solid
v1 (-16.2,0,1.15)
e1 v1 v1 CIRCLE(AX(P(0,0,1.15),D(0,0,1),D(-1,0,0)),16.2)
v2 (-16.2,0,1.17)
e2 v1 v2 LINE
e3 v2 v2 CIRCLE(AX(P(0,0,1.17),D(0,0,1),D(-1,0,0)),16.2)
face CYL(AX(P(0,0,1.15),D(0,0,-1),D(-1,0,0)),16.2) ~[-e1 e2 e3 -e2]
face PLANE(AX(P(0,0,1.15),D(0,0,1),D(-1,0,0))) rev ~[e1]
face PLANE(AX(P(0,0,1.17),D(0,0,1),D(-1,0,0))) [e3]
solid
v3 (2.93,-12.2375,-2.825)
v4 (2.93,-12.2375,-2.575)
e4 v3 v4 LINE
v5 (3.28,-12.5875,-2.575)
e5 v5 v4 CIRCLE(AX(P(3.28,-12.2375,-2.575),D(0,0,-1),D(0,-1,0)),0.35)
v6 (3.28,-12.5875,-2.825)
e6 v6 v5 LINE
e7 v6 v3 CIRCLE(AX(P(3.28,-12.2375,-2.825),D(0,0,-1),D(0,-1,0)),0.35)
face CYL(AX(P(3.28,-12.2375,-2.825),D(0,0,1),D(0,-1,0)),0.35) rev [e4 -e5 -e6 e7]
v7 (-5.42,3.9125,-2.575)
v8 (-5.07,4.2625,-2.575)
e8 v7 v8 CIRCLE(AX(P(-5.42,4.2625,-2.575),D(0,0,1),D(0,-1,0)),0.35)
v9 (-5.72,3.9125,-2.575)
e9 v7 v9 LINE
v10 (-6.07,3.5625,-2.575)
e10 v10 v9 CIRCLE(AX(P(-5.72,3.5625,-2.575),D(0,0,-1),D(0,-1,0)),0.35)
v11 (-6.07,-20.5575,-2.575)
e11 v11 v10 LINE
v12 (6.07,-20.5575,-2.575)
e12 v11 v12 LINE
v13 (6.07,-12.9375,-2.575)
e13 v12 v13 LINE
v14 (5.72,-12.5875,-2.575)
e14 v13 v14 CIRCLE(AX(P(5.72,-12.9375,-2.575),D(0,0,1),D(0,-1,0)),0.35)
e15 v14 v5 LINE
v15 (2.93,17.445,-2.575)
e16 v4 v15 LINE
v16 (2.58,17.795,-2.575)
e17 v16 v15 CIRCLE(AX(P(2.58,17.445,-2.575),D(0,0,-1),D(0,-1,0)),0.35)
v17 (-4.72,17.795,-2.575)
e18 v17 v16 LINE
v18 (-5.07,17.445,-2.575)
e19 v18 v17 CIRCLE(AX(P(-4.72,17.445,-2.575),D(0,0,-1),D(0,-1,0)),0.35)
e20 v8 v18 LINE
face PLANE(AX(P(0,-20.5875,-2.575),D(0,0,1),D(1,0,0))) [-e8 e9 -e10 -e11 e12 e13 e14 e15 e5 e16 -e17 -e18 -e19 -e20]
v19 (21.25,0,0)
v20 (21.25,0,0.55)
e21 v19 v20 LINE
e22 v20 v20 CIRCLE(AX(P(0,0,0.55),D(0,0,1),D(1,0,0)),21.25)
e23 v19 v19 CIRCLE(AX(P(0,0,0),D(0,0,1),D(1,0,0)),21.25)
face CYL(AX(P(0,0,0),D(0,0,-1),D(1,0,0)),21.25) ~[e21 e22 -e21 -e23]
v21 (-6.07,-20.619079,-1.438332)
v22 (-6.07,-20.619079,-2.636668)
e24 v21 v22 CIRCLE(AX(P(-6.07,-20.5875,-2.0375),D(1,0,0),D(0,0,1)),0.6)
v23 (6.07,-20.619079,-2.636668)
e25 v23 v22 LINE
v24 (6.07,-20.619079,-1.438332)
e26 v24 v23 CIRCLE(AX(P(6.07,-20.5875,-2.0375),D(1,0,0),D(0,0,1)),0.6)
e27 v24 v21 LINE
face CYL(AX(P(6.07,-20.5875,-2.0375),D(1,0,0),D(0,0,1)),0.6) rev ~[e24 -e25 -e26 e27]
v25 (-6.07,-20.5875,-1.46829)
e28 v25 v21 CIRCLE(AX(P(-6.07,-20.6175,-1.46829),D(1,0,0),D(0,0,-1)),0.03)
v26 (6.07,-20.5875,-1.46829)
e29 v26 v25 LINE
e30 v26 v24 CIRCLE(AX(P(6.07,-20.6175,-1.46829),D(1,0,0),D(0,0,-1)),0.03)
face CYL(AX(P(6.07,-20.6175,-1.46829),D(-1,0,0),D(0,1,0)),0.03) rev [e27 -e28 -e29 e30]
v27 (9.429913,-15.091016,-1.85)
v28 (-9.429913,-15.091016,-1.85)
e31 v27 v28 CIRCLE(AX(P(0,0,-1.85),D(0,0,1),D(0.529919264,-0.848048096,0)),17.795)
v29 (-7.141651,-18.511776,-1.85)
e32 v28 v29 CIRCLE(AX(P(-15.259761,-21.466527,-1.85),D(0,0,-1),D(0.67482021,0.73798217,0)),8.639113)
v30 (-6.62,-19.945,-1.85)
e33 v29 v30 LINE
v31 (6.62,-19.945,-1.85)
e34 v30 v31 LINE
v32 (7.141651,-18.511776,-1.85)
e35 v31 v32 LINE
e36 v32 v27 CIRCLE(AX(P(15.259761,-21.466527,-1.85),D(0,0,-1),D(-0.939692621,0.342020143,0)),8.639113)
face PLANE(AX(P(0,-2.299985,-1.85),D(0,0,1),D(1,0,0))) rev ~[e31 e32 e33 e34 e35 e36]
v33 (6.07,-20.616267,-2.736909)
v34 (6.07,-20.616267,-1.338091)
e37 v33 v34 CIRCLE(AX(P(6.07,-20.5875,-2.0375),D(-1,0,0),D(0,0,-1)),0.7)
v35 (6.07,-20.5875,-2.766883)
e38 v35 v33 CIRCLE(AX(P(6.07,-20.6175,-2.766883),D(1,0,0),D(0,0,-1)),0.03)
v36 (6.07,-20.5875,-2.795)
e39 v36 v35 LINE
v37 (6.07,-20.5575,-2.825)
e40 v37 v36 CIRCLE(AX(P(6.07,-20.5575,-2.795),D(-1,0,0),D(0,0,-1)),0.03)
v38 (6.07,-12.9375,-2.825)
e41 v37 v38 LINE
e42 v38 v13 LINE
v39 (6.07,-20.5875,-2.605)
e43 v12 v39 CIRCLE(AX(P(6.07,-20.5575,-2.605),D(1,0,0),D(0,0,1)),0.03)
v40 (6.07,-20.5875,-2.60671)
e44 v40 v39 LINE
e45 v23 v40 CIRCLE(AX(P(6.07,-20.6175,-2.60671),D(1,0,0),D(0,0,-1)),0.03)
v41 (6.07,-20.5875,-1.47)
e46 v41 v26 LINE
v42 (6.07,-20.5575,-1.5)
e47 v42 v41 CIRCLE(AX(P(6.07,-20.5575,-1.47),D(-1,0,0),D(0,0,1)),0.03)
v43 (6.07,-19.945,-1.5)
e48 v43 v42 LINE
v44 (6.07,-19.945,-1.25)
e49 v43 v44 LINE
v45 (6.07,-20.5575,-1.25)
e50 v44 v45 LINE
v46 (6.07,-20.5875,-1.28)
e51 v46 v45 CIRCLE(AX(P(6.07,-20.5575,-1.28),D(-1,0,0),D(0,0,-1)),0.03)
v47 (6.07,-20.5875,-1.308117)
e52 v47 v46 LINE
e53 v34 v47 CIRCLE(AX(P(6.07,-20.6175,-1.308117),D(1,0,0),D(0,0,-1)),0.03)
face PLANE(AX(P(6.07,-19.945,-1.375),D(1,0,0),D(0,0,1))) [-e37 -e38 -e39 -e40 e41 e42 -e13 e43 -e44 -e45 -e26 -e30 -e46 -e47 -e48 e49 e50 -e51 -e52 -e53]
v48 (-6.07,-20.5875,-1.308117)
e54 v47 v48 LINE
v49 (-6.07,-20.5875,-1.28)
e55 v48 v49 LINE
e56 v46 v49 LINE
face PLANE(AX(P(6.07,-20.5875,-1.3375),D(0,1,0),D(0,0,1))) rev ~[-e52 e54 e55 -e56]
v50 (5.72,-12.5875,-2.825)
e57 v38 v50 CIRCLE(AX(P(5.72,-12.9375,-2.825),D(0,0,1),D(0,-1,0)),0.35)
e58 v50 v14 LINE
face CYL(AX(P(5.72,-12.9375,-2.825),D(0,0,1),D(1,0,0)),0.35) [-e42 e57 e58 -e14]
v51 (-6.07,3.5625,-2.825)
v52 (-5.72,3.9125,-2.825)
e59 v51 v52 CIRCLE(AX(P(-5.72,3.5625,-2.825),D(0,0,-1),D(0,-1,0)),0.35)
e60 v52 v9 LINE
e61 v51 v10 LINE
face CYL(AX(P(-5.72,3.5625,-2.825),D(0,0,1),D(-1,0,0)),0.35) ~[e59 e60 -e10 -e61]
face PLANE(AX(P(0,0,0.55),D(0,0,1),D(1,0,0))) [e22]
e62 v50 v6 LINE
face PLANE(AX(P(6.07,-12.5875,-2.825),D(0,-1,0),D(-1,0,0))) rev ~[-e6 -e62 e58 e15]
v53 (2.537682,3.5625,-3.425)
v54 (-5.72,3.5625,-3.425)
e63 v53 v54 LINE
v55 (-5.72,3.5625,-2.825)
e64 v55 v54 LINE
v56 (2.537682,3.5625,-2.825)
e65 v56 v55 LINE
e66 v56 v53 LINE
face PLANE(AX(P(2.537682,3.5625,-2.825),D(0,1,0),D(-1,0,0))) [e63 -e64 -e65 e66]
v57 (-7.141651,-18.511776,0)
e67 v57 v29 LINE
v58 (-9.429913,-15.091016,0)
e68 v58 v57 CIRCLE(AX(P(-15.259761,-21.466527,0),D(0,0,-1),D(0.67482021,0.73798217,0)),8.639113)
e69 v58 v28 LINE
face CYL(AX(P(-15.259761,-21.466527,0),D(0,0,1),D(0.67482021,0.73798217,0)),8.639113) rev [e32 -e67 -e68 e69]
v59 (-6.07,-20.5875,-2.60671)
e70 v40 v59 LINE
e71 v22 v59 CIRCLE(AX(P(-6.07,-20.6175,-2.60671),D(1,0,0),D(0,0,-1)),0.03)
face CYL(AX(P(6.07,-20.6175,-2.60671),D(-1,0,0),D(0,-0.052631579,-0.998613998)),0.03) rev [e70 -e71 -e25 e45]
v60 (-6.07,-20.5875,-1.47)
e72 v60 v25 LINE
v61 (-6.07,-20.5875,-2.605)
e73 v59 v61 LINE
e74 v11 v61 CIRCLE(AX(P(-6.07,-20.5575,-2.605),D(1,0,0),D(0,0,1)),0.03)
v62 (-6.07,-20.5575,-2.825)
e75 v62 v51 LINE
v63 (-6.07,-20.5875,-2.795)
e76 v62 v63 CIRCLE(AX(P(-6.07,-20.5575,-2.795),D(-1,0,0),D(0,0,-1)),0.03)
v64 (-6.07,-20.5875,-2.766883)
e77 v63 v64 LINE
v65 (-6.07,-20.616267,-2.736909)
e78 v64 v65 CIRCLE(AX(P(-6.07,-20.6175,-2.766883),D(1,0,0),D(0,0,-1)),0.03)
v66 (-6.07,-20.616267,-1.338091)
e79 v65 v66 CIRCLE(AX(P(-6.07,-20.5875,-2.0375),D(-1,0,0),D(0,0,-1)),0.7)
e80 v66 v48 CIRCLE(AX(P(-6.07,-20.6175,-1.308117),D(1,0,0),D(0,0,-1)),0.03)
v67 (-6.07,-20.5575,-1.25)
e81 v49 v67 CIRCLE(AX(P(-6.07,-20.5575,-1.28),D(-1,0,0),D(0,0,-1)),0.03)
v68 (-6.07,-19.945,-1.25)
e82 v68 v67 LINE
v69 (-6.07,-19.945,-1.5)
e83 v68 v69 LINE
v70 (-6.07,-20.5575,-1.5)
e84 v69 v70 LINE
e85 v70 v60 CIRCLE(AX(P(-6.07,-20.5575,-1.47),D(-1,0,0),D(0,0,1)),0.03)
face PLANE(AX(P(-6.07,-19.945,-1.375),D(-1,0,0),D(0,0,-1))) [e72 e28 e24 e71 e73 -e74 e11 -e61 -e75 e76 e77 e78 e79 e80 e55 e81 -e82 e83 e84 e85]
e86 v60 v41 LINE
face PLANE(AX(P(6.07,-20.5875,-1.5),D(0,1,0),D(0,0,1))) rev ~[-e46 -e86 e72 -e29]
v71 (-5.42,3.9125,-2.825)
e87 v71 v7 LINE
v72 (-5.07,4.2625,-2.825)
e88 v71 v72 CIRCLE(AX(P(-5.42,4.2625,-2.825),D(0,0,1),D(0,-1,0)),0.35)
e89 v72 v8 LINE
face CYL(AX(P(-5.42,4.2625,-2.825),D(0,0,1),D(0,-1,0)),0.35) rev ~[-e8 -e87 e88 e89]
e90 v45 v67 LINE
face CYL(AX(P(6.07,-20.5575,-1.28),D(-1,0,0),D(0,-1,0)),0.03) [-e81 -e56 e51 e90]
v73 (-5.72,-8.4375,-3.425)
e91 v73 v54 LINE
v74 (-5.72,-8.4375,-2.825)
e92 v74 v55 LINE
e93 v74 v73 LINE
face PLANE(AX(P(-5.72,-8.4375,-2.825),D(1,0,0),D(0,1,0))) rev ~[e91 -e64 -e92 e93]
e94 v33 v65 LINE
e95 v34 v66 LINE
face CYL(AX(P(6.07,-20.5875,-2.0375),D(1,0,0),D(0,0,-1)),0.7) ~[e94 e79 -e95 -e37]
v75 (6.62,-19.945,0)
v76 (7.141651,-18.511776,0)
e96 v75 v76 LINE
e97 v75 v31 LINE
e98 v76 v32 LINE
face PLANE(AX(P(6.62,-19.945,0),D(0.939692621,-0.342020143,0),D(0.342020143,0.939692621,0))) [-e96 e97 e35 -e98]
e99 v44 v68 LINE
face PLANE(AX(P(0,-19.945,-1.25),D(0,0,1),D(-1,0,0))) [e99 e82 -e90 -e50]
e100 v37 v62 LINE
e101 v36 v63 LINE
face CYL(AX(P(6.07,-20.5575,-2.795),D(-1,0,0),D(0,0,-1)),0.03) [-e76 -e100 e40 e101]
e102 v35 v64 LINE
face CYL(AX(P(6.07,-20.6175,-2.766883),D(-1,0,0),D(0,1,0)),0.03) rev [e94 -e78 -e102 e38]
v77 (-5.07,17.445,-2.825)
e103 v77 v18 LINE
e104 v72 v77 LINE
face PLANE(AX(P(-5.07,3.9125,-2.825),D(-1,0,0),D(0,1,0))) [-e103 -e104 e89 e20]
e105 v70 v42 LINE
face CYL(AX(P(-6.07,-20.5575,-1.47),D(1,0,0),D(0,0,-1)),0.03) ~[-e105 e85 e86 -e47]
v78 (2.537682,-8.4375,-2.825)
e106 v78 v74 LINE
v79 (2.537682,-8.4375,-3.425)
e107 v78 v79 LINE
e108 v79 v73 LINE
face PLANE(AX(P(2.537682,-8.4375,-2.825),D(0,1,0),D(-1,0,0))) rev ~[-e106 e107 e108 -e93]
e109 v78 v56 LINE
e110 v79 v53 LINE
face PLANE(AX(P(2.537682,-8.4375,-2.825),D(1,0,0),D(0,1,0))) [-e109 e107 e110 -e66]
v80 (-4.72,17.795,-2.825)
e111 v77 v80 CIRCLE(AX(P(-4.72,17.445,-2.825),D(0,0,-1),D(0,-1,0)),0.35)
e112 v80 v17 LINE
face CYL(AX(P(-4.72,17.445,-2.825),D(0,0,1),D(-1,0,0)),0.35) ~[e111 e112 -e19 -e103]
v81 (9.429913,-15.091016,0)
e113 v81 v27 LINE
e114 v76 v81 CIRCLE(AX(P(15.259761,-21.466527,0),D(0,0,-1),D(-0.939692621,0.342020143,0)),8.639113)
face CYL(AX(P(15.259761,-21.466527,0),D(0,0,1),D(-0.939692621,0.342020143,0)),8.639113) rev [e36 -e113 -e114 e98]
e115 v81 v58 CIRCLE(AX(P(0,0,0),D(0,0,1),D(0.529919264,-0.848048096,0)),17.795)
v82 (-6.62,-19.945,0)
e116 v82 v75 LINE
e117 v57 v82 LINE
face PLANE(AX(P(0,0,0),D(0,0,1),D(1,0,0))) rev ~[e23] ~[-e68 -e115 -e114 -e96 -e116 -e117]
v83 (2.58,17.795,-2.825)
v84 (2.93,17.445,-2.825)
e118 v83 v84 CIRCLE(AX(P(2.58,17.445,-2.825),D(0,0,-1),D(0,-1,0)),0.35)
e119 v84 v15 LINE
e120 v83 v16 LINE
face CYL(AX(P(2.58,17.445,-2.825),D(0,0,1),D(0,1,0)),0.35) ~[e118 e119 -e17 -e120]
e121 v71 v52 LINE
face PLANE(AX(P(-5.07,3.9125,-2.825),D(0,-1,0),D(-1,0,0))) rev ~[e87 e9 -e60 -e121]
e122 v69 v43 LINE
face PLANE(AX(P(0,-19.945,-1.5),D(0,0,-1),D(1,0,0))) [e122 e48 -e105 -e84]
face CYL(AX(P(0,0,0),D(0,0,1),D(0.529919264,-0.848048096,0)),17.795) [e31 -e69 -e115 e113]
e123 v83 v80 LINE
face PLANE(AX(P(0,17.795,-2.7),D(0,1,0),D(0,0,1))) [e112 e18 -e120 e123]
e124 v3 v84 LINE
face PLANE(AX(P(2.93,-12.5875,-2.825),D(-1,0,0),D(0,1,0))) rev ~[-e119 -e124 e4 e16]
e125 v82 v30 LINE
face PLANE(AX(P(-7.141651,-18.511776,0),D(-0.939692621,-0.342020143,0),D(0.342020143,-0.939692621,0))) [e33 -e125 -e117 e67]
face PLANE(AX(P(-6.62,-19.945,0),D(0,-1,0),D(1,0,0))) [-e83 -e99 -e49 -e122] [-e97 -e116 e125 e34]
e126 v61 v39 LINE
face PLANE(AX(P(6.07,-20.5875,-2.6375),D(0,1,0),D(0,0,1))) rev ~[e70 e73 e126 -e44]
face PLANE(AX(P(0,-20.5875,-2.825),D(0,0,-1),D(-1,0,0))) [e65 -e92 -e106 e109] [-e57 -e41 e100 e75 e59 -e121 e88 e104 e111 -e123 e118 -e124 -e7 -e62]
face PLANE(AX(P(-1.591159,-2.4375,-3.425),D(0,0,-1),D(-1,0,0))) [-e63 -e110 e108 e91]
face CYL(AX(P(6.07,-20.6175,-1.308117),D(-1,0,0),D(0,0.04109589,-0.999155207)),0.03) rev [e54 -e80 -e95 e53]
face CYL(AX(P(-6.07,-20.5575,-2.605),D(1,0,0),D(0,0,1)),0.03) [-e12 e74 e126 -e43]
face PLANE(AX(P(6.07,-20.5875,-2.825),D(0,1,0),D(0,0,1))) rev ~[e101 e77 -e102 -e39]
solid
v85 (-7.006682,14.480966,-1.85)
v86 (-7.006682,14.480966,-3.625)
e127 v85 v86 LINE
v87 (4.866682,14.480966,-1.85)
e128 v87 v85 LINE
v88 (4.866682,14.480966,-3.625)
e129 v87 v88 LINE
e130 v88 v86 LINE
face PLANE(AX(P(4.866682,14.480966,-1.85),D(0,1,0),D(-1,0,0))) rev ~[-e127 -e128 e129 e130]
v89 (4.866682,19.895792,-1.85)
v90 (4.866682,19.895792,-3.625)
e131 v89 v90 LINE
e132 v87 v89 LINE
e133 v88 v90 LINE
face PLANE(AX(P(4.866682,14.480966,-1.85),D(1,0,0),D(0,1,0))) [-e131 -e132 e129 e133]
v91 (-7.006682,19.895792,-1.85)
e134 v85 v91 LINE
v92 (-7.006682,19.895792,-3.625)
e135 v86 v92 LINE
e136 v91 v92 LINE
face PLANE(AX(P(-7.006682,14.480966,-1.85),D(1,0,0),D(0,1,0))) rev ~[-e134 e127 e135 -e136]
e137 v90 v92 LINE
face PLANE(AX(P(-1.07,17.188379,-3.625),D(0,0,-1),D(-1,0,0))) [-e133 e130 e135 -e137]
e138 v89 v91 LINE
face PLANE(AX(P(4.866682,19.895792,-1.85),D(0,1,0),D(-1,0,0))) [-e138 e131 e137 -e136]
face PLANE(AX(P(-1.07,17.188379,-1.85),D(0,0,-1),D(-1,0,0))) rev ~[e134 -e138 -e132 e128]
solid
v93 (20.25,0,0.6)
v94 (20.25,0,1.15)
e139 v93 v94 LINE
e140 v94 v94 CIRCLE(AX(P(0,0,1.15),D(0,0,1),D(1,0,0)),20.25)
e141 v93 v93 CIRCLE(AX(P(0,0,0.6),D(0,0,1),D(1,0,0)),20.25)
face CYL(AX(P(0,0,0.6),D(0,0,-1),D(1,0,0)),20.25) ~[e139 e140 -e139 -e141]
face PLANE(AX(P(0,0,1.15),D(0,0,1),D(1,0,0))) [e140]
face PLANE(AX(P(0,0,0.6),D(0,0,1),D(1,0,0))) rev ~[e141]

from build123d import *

# Parameters (mm, degrees)
SKETCH_1_R           = 21.25
EXTRUDE_2_DEPTH      = 0.55
EXTRUDE_START        = 0.05
SKETCH_4_R           = 20.25
EXTRUDE_5_DEPTH      = 0.55
EXTRUDE_6_DEPTH      = 1.85
SKETCH_13_W          = 12.14
SKETCH_13_H          = 0.25
SKETCH_15_W          = 1
SKETCH_15_H          = 13.8825
SKETCH_15_W_2        = 3.14
SKETCH_15_H_2        = 30.3825
CUT_EXTRUDE_1_DEPTH  = 0.25
FILLET_3_R           = 0.35
CUT_EXTRUDE_2_DEPTH  = 12.14
FILLET_4_R           = 0.03
EXTRUDE_9_DEPTH      = 0.8
EXTRUDE_9_DEPTH_BACK = 0.975
SKETCH_21_W          = 11.873363282
SKETCH_21_H          = 5.414826094
SKETCH_22_W          = 8.257682068
SKETCH_22_H          = 12
EXTRUDE_10_DEPTH     = 0.6
SKETCH_5_R           = 16.2
EXTRUDE_11_DEPTH     = 0.02


with BuildPart() as part:
    # 草图1 → 凸台-拉伸2 (new body)
    with BuildSketch(Plane.XY):
        Circle(SKETCH_1_R)
    extrude(amount=EXTRUDE_2_DEPTH)

    # 草图12 → 凸台-拉伸6 (add)
    with BuildSketch(Plane(origin=(0, 0, 0), x_dir=(-1, 0, 0), z_dir=(0, 0, -1))):
        with BuildLine():
            ThreePointArc((-7.141650725, -18.511776412), (-8.079107583, -16.663144613), (-9.429913307, -15.091015871))
            ThreePointArc((-9.429913307, -15.091015871), (0, 17.795), (9.429913307, -15.091015871))
            ThreePointArc((9.429913307, -15.091015871), (8.079107583, -16.663144613), (7.141650725, -18.511776412))
            Line((7.141650725, -18.511776412), (6.62, -19.945))
            Line((6.62, -19.945), (-6.62, -19.945))
            Line((-6.62, -19.945), (-7.141650725, -18.511776412))
        make_face()
    extrude(amount=EXTRUDE_6_DEPTH)

    # 扫描2: sweep along a path in 草图14
    with BuildLine(Plane(origin=(0, 0, 0), x_dir=(0, 0, -1), z_dir=(1, 0, 0))) as sweep_2_path:
        Line((1.375, -19.945), (1.375, -20.5875))
        ThreePointArc((1.375, -20.5875), (2.0375, -21.25), (2.7, -20.5875))
        Line((2.7, -20.5875), (2.7, 17.795))
    # 草图13 → 扫描2 (sweep)
    with BuildSketch(Plane.XZ.offset(19.945)):
        with Locations((0, -1.375)):
            Rectangle(SKETCH_13_W, SKETCH_13_H)
    sweep(path=sweep_2_path.line)

    # 草图15 → 切除-拉伸1 (cut)
    with BuildSketch(Plane(origin=(0, 0, -2.825), x_dir=(-1, 0, 0), z_dir=(0, 0, -1))):
        with Locations((5.57, 10.85375)):
            Rectangle(SKETCH_15_W, SKETCH_15_H)
        with Locations((-4.5, 2.60375)):
            Rectangle(SKETCH_15_W_2, SKETCH_15_H_2)
    extrude(amount=-CUT_EXTRUDE_1_DEPTH, mode=Mode.SUBTRACT)

    # 圆角3
    fillet_3_edges = [part.edges().sort_by_distance(p)[0] for p in [
        (-6.07, 3.9125, -2.7),
        (-5.07, 17.795, -2.7),
        (-5.07, 3.9125, -2.7),
        (2.93, 17.795, -2.7),
        (6.07, -12.5875, -2.7),
        (2.93, -12.5875, -2.7),
    ]]
    fillet(fillet_3_edges, radius=FILLET_3_R)

    # 草图18 → 切除-拉伸2 (cut)
    with BuildSketch(Plane(origin=(6.07, 0, 0), x_dir=(0, 0, -1), z_dir=(1, 0, 0))):
        with BuildLine():
            ThreePointArc((1.4375, -20.5875), (2.0375, -21.1875), (2.6375, -20.5875))
            Line((2.6375, -20.5875), (2.575, -20.5875))
            ThreePointArc((2.575, -20.5875), (2.0375, -21.125), (1.5, -20.5875))
            Line((1.5, -20.5875), (1.4375, -20.5875))
        make_face()
        with BuildLine():
            ThreePointArc((1.25, -20.5875), (2.0375, -21.375), (2.825, -20.5875))
            Line((2.825, -20.5875), (2.7375, -20.5875))
            ThreePointArc((2.7375, -20.5875), (2.0375, -21.2875), (1.3375, -20.5875))
            Line((1.3375, -20.5875), (1.25, -20.5875))
        make_face()
    extrude(amount=-CUT_EXTRUDE_2_DEPTH, mode=Mode.SUBTRACT)

    # 圆角4
    fillet_4_edges = [part.edges().sort_by_distance(p)[0] for p in [
        (0, -20.5875, -2.7375),
        (0, -20.5875, -1.3375),
        (0, -20.5875, -1.4375),
        (0, -20.5875, -2.6375),
        (0, -20.5875, -1.5),
        (0, -20.5875, -1.25),
        (0, -20.5875, -2.575),
        (0, -20.5875, -2.825),
    ]]
    fillet(fillet_4_edges, radius=FILLET_4_R)

    # 草图22 → 凸台-拉伸10 (add)
    with BuildSketch(Plane(origin=(0, 0, -2.825), x_dir=(-1, 0, 0), z_dir=(0, 0, -1))):
        with Locations((1.591158966, -2.4375)):
            Rectangle(SKETCH_22_W, SKETCH_22_H)
    extrude(amount=EXTRUDE_10_DEPTH)


with BuildPart() as body_2:
    # 草图4 → 凸台-拉伸5 (new body)
    with BuildSketch(Plane.XY.offset(0.55).offset(EXTRUDE_START)):
        Circle(SKETCH_4_R)
    extrude(amount=EXTRUDE_5_DEPTH)


with BuildPart() as body_3:
    # 草图21 → 凸台-拉伸9 (new, two sides: drawn at the far end of the back side and taken through both)
    with BuildSketch(Plane(origin=(0, 0, -2.825), x_dir=(-1, 0, 0), z_dir=(0, 0, -1)).offset(-EXTRUDE_9_DEPTH_BACK)):
        with Locations((1.07, 17.188379125)):
            Rectangle(SKETCH_21_W, SKETCH_21_H)
    extrude(amount=EXTRUDE_9_DEPTH + EXTRUDE_9_DEPTH_BACK)


with BuildPart() as body_4:
    # 草图5 → 凸台-拉伸11 (new body)
    with BuildSketch(Plane.XY.offset(1.15)):
        with Locations(Location((0, 0, 0), (0, 0, 180))):
            Circle(SKETCH_5_R)
    extrude(amount=EXTRUDE_11_DEPTH)


solid = Compound([part.part, body_2.part, body_3.part, body_4.part])
